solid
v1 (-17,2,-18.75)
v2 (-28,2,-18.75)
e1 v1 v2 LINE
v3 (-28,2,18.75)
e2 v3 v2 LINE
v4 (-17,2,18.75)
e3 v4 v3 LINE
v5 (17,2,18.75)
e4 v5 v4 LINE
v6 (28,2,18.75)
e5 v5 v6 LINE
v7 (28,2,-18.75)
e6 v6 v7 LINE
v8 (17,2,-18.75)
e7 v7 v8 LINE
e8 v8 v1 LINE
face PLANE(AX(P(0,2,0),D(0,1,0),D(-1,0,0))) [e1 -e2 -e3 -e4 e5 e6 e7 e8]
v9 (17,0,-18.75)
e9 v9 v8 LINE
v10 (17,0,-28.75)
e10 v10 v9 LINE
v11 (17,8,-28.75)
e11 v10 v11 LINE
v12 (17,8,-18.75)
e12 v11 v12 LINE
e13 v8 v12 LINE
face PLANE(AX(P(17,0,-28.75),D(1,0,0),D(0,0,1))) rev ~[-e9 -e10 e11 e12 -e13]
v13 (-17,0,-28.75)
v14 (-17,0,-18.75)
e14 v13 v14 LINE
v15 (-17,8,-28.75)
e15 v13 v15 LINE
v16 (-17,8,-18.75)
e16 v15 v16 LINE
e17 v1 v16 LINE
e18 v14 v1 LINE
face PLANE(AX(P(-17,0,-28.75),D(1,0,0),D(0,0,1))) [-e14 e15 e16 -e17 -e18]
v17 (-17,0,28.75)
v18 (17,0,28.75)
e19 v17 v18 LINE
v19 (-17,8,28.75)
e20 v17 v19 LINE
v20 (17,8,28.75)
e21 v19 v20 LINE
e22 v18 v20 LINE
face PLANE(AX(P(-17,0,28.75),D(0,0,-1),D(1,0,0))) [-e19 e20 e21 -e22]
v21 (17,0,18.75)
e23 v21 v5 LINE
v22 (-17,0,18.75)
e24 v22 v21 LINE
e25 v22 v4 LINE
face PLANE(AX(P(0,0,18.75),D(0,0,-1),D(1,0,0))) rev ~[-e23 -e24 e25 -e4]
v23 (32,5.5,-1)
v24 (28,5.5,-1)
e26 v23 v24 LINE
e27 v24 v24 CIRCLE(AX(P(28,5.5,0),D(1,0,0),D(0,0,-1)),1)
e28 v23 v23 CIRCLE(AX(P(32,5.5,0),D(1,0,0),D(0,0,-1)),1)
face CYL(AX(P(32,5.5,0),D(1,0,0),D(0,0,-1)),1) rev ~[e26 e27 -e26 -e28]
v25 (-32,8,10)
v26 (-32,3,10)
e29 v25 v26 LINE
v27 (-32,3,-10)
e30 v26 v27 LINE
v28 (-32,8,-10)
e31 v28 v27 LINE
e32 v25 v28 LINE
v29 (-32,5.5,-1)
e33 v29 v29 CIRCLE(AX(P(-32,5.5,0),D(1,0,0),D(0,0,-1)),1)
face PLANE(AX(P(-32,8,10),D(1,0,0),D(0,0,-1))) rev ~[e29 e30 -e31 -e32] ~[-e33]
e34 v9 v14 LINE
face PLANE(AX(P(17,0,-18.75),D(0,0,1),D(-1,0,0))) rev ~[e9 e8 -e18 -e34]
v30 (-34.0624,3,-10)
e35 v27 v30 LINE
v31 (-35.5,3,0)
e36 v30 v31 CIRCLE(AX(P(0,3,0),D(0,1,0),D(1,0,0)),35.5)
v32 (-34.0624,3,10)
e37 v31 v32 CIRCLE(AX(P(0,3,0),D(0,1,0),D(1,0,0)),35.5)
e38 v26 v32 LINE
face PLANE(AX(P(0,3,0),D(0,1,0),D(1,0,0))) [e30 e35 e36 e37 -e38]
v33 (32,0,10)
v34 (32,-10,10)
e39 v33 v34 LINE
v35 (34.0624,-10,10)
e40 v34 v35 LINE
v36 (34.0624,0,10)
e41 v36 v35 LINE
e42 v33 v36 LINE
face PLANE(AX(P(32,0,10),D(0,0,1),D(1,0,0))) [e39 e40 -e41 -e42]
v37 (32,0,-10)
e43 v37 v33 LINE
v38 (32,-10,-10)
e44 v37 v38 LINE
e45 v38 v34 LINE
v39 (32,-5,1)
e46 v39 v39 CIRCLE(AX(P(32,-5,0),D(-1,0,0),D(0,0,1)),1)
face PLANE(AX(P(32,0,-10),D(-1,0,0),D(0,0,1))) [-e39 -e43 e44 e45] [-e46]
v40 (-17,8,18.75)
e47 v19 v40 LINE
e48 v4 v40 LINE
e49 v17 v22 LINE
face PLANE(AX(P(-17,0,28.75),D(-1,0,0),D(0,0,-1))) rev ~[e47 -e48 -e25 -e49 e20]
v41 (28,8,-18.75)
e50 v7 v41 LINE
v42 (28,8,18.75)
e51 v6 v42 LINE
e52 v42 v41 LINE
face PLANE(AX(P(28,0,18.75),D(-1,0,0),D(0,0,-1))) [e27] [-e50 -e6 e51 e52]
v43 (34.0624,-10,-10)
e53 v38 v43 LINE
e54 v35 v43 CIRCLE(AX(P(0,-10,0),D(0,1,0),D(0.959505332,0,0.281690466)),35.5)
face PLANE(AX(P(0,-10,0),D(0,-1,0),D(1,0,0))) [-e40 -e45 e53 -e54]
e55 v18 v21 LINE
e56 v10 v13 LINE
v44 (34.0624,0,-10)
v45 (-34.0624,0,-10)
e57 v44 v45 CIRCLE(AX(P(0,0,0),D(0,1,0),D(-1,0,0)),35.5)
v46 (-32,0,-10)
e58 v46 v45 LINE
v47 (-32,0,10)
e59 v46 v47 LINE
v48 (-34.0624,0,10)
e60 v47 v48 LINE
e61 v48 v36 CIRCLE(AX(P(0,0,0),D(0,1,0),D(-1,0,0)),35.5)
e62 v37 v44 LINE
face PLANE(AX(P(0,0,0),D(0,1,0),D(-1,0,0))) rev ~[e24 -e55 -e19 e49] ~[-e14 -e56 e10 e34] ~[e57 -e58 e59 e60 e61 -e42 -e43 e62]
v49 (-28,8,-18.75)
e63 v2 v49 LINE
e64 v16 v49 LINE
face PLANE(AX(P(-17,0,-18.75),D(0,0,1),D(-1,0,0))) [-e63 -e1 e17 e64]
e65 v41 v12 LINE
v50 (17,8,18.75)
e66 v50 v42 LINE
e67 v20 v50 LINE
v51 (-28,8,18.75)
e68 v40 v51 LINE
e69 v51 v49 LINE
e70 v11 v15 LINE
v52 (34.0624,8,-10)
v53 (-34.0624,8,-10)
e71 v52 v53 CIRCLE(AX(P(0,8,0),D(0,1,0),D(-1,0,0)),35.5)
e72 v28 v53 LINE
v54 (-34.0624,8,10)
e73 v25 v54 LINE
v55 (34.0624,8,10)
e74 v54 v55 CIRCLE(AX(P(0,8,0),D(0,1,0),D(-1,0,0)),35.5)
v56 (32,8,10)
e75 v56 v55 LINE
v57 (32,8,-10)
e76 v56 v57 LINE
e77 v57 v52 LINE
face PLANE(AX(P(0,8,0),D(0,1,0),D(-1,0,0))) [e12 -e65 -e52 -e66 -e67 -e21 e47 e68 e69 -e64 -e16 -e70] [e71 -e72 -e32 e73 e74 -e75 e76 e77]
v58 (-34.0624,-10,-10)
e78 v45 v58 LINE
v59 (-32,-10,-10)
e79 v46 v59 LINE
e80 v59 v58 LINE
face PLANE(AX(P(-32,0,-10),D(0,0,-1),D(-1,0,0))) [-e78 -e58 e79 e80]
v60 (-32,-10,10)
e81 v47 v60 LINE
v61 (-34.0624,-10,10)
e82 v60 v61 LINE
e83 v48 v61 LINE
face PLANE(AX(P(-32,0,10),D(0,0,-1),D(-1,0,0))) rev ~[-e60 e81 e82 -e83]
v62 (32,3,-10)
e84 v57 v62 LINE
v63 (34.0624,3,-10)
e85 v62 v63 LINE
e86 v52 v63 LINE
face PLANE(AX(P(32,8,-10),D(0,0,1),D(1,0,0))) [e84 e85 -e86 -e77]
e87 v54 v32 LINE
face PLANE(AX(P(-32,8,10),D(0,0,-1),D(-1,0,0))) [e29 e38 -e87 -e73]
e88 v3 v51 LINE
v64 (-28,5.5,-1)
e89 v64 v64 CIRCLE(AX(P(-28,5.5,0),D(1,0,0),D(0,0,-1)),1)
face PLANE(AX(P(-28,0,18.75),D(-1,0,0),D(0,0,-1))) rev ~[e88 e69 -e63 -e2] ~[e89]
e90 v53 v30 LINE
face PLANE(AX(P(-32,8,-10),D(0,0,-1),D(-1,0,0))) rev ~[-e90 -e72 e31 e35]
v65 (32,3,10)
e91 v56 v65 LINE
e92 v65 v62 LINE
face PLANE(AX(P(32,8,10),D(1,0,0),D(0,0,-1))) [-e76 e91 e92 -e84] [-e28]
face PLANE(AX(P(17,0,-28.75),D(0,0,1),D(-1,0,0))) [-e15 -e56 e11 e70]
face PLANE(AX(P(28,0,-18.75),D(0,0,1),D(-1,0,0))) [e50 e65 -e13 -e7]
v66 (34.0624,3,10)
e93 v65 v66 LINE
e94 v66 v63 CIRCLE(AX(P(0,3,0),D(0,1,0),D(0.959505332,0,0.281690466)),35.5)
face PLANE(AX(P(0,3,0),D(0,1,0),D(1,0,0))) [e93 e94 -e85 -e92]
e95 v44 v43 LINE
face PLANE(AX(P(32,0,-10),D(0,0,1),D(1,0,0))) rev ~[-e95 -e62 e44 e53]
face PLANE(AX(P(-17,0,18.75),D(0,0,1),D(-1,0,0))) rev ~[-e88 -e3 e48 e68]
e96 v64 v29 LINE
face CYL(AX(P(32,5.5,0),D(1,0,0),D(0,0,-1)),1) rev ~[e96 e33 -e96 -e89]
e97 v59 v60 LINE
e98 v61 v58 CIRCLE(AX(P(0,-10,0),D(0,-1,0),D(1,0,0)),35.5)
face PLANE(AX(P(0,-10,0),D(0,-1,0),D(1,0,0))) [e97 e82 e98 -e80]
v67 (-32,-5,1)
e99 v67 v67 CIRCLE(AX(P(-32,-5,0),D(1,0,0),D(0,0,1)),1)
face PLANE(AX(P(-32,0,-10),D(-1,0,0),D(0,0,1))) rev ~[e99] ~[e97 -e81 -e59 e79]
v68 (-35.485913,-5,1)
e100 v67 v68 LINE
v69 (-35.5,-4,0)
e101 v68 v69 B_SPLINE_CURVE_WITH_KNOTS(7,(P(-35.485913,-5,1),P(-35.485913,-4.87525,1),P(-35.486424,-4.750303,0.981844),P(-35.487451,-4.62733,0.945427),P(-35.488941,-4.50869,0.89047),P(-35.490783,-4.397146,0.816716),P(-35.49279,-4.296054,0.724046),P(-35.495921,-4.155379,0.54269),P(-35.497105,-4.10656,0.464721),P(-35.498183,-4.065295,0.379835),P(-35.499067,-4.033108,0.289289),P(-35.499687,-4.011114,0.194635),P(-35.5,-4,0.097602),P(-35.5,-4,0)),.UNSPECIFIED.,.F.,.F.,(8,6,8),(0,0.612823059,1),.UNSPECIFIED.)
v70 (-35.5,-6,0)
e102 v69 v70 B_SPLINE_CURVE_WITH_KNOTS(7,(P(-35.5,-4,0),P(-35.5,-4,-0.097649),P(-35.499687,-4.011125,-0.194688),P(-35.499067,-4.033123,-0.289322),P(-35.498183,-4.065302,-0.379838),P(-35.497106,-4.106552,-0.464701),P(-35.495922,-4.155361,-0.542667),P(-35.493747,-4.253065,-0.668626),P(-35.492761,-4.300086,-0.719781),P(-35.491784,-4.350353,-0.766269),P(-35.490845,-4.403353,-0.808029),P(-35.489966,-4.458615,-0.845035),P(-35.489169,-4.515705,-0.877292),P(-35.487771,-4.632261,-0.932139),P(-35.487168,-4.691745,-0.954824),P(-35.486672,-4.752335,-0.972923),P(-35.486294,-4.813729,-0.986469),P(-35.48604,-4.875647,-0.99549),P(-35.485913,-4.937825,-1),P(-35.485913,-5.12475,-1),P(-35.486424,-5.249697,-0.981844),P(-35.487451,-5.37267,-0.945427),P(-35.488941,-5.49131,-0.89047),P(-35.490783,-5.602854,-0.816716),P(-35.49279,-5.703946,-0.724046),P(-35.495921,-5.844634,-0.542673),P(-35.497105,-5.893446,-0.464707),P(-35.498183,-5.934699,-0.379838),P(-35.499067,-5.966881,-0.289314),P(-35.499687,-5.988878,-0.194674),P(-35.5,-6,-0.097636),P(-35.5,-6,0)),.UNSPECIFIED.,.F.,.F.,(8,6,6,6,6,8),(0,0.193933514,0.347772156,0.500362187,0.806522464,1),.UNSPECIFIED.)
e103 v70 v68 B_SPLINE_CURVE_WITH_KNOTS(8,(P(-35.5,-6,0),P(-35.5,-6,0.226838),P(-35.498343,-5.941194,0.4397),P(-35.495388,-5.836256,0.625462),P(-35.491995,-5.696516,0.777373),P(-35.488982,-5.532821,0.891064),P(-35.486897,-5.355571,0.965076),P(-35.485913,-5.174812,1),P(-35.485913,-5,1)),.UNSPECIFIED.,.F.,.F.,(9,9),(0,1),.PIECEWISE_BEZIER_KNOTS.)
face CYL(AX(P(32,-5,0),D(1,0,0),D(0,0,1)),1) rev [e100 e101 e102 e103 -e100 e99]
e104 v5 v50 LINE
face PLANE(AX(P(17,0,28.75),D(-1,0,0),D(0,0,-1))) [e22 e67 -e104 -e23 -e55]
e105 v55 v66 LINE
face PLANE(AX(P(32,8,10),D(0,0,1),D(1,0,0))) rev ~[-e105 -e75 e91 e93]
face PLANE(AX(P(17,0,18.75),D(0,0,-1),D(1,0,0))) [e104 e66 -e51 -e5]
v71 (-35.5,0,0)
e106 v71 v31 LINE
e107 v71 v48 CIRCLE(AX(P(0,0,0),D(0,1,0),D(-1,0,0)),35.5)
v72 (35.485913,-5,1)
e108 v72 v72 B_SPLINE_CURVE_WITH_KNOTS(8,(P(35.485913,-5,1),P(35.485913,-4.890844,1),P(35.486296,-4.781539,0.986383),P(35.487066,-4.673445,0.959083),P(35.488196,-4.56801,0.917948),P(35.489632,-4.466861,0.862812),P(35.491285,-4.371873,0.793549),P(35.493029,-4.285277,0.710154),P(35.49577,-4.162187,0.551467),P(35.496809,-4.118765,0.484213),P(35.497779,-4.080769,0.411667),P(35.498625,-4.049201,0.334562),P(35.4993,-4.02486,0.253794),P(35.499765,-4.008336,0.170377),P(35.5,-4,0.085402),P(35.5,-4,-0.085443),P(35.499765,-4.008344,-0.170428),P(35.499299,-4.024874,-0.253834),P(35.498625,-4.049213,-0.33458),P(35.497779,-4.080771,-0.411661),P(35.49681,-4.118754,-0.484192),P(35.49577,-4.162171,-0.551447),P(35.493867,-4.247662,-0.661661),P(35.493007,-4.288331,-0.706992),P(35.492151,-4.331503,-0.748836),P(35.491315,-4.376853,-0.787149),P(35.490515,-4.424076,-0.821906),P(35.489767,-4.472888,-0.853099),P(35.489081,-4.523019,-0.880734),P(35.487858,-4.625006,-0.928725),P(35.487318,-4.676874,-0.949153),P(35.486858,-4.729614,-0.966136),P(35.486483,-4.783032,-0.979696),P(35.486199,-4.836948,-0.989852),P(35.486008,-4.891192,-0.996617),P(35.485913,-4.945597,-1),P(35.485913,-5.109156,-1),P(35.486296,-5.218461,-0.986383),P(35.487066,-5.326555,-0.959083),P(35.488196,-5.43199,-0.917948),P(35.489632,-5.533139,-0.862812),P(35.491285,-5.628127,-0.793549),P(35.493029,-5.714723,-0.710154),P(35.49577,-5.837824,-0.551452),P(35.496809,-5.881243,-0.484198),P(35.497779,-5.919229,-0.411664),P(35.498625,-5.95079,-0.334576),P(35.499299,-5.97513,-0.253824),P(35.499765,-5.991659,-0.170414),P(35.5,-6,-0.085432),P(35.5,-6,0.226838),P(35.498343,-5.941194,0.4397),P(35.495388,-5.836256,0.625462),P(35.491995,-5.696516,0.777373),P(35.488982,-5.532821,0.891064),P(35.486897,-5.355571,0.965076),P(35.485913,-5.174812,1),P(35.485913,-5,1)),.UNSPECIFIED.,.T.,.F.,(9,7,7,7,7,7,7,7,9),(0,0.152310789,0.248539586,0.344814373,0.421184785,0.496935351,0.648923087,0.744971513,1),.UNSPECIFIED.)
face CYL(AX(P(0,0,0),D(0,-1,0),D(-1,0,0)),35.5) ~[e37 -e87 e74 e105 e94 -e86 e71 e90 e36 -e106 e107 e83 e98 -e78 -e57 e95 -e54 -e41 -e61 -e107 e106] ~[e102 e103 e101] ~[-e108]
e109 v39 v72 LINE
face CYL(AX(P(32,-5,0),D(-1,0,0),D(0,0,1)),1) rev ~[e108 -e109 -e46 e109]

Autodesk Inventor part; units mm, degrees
ref_plane "YZ Plane" through (0, 0, 0) normal (1, 0, 0) x (0, 1, 0)
ref_plane "XZ Plane" through (0, 0, 0) normal (0, 1, 0) x (-1, 0, 0)
ref_plane "XY Plane" through (0, 0, 0) normal (0, 0, 1) x (1, 0, 0)
sketch "Szkic1" plane through (0, 0, 0) normal (0, 1, 0) x (-1, 0, 0)
  circle A0 centre (0, 0) radius 35.5
  line L0 (0, 18.75) -> (0, -18.75) construction
  line L1 (-28, 0) -> (28, 0) construction
  line L2 (-28, -18.75) -> (28, -18.75)
  line L3 (-28, 18.75) -> (-28, -18.75)
  line L4 (28, 18.75) -> (28, -18.75)
  line L5 (0, 18.75) -> (28, 18.75)
  line L6 (0, 18.75) -> (-28, 18.75)
  line L7 (0, 18.75) -> (0, 28.75) construction
  line L8 (17, 28.75) -> (-17, 28.75)
  line L9 (17, 28.75) -> (17, 18.75)
  line L10 (-17, 28.75) -> (-17, 18.75)
  line L11 (0, -18.75) -> (0, -28.75) construction
  line L12 (-17, -28.75) -> (17, -28.75)
  line L13 (17, -28.75) -> (17, -18.75)
  line L14 (-17, -28.75) -> (-17, -18.75)
  dimension "d0" = 71
  dimension "d1" = 37.5
  dimension "d2" = 56
  dimension "d3" = 10
  dimension "d4" = 34
  dimension "d5" = 10
  dimension "d6" = 34
extrude "Wyciągnięcie proste1" add sketch "Szkic1" along normal blind 2 contours L3 L6 L5 L4 L2
extrude "Wyciągnięcie proste2" add sketch "Szkic1" along normal blind 8
sketch "Szkic2" plane through (0, 0, 0) normal (0, -1, 0) x (1, 0, 0)
  line L0 (32, 0) -> (-32, 0) construction
  circle A0 centre (0, 0) radius 35.5
  line L1 (-32, -10) -> (-32, 10)
  line L2 (32, -10) -> (32, 10)
  line L3 (32, -10) -> (34.0624, -10)
  line L4 (32, 10) -> (34.0624, 10)
  line L5 (-32, -10) -> (-34.0624, -10)
  line L6 (-32, 10) -> (-34.0624, 10)
  dimension "d11" = 64
  dimension "d12" = 71
  dimension "d13" = 20
  dimension "d14" = 20
extrude "Wyciągnięcie proste3" add sketch "Szkic2" along normal blind 10 contours A0 L3 L2 L4 | L6 L1 L5 A0
sketch "Szkic3" plane through (32, 0, -10) normal (-1, 0, 0) x (0, 0, 1)
  line L0 (10, 0) -> (10, -5) construction
  circle A0 centre (10, -5) radius 1
  dimension "d17" = 5
  dimension "d18" = 2
extrude "Wyciągnięcie proste4" cut sketch "Szkic3" along normal through all both and the other way through all
sketch "Szkic4" plane through (0, 2, 0) normal (0, 1, 0) x (1, 0, 0)
  line L0 (-10.2735, 0) -> (10.2735, 0) construction
  line L1 (0, 9.2596) -> (0, -9.2596) construction
  point P0 (0, 0)
sketch "Szkic5" plane through (0, 8, 0) normal (0, 1, 0) x (1, 0, 0)
  line L0 (32, 0) -> (-32, 0) construction
  circle A0 centre (0, 0) radius 35.5
  line L1 (-32, -10) -> (-32, 10)
  line L2 (32, -10) -> (32, 10)
  line L3 (32, -10) -> (34.0624, -10)
  line L4 (32, 10) -> (34.0624, 10)
  line L5 (-32, -10) -> (-34.0624, -10)
  line L6 (-32, 10) -> (-34.0624, 10)
  dimension "d21" = 64
  dimension "d22" = 71
  dimension "d23" = 20
  dimension "d24" = 20
extrude "Wyciągnięcie proste5" cut sketch "Szkic5" against normal blind 5 contours A0 L3 L2 L4 | L6 L1 L5 A0
sketch "Szkic6" plane through (32, 8, 10) normal (1, 0, 0) x (0, 0, -1)
  line L0 (10, -8) -> (10, -2.5) construction
  circle A0 centre (10, -2.5) radius 1
  dimension "d27" = 5.5
  dimension "d28" = 2
extrude "Wyciągnięcie proste6" cut sketch "Szkic6" against normal through all
properties part number "003-001"
